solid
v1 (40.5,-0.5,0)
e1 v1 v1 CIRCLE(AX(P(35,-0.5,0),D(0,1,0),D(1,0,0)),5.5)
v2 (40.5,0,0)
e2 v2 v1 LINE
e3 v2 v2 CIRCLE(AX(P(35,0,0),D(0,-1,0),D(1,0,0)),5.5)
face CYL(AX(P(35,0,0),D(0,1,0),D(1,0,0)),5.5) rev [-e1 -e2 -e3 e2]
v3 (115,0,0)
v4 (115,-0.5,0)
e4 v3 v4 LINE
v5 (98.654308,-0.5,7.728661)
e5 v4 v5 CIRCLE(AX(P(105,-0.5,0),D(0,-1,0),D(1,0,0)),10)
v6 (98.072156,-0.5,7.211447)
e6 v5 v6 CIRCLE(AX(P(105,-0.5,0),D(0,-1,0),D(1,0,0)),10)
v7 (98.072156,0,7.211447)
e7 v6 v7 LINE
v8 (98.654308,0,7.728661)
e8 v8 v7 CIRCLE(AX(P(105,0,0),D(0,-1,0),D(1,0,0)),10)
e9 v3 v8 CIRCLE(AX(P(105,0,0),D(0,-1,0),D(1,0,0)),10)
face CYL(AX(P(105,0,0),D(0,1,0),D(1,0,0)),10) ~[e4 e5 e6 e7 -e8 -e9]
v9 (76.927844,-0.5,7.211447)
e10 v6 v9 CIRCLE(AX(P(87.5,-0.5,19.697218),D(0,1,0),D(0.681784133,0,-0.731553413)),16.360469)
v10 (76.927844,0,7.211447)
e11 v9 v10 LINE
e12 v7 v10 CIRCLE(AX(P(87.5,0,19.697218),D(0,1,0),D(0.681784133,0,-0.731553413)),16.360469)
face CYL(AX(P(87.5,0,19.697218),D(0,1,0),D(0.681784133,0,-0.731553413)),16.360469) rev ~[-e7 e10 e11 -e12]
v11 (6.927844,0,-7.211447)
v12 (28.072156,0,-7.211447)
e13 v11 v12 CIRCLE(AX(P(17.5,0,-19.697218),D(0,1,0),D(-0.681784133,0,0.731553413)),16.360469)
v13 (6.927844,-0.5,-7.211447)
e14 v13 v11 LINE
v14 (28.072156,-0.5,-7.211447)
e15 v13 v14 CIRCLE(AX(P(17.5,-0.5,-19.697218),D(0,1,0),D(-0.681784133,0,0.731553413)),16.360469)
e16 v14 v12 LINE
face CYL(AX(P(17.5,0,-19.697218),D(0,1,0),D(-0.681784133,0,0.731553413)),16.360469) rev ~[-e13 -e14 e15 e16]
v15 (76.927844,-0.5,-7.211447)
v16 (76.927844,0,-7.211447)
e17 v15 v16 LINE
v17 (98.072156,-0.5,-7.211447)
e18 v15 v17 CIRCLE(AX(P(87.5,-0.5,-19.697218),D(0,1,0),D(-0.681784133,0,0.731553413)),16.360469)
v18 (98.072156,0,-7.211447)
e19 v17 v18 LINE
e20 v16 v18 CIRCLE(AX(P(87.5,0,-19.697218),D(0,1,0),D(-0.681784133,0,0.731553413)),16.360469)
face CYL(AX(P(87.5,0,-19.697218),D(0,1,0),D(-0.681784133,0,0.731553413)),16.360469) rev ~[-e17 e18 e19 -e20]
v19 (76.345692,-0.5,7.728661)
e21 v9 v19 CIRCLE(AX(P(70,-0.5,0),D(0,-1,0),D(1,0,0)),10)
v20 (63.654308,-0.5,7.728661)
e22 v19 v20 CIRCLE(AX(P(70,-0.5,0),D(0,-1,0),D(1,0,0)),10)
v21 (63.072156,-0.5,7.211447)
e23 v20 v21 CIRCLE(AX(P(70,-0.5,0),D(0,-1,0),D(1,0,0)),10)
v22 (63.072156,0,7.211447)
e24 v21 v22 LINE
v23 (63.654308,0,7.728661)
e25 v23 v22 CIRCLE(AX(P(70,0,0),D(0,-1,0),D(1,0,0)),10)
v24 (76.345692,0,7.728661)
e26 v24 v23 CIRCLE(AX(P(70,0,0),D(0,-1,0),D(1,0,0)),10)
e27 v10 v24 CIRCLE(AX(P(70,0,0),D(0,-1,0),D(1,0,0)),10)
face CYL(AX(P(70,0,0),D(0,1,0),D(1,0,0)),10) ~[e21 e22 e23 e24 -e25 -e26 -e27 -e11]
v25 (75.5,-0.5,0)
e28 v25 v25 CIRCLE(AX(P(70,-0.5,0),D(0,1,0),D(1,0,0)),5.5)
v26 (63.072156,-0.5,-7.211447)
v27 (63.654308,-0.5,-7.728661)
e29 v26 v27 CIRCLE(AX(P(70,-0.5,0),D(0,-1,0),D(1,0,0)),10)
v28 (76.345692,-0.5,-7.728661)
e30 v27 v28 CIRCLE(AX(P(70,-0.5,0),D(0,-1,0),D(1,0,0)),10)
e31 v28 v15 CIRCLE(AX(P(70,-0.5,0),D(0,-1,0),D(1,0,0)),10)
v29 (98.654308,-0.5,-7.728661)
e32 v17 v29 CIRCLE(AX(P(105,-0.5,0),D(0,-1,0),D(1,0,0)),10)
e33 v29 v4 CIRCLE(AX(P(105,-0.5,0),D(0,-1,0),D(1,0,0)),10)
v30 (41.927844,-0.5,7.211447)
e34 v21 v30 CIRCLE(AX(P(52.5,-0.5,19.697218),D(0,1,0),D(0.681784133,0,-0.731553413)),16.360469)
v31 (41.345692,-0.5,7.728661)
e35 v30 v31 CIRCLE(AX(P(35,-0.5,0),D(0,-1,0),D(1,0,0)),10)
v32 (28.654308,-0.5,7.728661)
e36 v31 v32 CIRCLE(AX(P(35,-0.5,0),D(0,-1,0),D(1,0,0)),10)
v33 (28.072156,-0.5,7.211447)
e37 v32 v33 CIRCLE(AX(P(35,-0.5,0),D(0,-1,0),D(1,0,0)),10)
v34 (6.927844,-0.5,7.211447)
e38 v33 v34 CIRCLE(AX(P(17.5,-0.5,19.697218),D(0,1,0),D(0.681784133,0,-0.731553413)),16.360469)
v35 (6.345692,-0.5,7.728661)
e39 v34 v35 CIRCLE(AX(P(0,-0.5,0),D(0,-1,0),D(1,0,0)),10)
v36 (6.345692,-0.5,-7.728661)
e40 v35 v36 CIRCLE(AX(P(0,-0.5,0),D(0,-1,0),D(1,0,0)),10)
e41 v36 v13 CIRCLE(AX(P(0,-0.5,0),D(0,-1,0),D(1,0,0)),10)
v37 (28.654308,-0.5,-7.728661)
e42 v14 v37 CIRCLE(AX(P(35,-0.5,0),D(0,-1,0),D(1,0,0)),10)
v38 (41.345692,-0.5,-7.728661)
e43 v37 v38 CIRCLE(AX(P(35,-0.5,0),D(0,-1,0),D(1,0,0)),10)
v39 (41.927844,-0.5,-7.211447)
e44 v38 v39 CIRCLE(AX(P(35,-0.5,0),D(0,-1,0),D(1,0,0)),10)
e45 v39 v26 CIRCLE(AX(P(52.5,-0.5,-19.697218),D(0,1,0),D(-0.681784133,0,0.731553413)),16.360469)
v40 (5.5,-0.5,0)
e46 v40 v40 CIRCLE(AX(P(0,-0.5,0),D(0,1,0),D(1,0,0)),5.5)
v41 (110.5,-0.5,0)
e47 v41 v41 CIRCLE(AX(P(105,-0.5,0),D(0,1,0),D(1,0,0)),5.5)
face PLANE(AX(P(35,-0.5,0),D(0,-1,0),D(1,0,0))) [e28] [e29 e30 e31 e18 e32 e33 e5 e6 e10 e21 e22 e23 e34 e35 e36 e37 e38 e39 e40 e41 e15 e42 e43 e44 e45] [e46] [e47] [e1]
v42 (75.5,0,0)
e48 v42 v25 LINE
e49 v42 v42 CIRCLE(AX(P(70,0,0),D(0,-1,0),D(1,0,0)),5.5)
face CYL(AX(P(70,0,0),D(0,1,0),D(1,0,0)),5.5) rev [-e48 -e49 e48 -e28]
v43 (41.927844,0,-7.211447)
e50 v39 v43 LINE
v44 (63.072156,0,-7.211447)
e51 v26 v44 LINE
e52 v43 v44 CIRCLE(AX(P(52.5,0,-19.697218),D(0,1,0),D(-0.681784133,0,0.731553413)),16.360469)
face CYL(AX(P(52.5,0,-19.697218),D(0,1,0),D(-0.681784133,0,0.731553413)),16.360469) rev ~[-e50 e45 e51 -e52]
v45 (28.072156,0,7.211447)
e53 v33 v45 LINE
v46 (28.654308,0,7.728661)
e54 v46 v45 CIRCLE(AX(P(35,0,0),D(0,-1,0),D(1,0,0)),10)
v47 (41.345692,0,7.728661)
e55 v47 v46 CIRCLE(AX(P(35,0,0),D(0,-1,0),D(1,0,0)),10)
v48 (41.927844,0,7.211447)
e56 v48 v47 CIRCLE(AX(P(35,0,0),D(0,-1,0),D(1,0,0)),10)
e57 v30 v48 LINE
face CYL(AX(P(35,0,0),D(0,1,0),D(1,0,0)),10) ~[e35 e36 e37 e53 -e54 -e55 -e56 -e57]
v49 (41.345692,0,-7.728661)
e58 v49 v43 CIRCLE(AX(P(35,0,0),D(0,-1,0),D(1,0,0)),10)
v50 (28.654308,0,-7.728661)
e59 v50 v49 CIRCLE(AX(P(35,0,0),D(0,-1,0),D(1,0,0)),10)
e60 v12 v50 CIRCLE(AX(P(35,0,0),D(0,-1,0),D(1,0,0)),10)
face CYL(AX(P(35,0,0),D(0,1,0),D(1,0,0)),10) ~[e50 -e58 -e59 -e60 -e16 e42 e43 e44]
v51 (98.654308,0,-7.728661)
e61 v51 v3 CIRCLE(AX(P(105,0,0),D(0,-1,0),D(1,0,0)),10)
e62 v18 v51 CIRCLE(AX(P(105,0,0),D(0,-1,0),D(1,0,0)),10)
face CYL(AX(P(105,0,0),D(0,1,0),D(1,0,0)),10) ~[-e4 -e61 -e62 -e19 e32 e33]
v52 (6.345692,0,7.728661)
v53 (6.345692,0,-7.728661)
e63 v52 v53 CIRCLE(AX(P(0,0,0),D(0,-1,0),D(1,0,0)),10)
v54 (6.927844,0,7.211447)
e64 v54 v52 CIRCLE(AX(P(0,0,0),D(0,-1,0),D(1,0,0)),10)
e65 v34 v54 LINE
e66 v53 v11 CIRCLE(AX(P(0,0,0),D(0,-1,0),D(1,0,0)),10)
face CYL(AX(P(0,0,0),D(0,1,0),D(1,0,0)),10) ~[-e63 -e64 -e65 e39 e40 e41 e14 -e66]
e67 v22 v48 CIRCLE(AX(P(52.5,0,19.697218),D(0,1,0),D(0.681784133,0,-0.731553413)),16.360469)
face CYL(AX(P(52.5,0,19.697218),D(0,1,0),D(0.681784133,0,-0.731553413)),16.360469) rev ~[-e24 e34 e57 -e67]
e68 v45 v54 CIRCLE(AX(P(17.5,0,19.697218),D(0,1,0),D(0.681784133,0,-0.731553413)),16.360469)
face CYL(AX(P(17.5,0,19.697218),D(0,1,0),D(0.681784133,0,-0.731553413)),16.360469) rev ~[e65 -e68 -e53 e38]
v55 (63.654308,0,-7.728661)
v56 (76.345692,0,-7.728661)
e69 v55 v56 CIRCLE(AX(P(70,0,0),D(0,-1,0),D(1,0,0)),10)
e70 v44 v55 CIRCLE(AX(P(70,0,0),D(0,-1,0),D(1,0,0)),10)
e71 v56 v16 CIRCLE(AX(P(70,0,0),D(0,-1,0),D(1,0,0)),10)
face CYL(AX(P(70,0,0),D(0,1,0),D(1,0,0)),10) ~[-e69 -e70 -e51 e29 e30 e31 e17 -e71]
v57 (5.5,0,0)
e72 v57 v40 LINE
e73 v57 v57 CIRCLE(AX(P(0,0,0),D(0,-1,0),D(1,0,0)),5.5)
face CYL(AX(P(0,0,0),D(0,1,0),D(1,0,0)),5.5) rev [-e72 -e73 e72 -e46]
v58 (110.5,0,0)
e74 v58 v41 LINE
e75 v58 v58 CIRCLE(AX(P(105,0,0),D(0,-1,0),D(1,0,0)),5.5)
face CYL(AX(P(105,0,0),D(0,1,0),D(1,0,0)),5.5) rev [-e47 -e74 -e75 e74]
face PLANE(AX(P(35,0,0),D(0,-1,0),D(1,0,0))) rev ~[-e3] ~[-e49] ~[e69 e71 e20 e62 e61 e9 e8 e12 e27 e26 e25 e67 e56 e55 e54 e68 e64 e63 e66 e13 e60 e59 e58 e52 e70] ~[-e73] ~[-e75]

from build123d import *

# Parameters (mm, degrees)
F1_R     = 10
F3_DEPTH = 0.5
F2_R     = 5.5
F4_DEPTH = 25
F9_DEPTH = 0.5


with BuildPart() as f3:
    # F1 (on Front) → F3 (new body)
    with BuildSketch(Plane.XZ):
        Circle(F1_R)
    extrude(amount=F3_DEPTH)

    # F2 (on Front) → F4 (cut)
    with BuildSketch(Plane.XZ):
        Circle(F2_R)
    extrude(amount=F4_DEPTH, mode=Mode.SUBTRACT)



with BuildPart() as f5_1:
    # F5: copy of F3
    add(f3.part.moved(Location((35, 0, 0))))


with BuildPart() as f6_1:
    # F6: copy of F3
    add(f3.part.moved(Location((105, 0, 0))))


with BuildPart() as f7_1:
    # F7: copy of F3
    add(f3.part.moved(Location((70, 0, 0))))


with BuildPart() as f3_1:
    add(f3.part)

    add(f5_1.part)  # F9 merges F5_1

    add(f6_1.part)  # F9 merges F6_1

    add(f7_1.part)  # F9 merges F7_1
    # F8 (on Front) → F9 (join)
    with BuildSketch(Plane.XZ):
        with BuildLine():
            ThreePointArc((28.654308, 7.728661), (17.5, 3.336749), (6.345692, 7.728661))
            Line((6.345692, 7.728661), (6.345692, -7.728661))
            ThreePointArc((6.345692, -7.728661), (17.5, -3.336749), (28.654308, -7.728661))
            Line((28.654308, -7.728661), (28.654308, 7.728661))
        make_face()
        with BuildLine():
            ThreePointArc((63.654308, 7.728661), (52.5, 3.336749), (41.345692, 7.728661))
            Line((41.345692, 7.728661), (41.345692, -7.728661))
            ThreePointArc((41.345692, -7.728661), (52.5, -3.336749), (63.654308, -7.728661))
            Line((63.654308, -7.728661), (63.654308, 7.728661))
        make_face()
        with BuildLine():
            ThreePointArc((98.654308, 7.728661), (87.5, 3.336749), (76.345692, 7.728661))
            Line((76.345692, 7.728661), (76.345692, -7.728661))
            ThreePointArc((76.345692, -7.728661), (87.5, -3.336749), (98.654308, -7.728661))
            Line((98.654308, -7.728661), (98.654308, 7.728661))
        make_face()
    extrude(amount=F9_DEPTH)


solid = f3_1.part
